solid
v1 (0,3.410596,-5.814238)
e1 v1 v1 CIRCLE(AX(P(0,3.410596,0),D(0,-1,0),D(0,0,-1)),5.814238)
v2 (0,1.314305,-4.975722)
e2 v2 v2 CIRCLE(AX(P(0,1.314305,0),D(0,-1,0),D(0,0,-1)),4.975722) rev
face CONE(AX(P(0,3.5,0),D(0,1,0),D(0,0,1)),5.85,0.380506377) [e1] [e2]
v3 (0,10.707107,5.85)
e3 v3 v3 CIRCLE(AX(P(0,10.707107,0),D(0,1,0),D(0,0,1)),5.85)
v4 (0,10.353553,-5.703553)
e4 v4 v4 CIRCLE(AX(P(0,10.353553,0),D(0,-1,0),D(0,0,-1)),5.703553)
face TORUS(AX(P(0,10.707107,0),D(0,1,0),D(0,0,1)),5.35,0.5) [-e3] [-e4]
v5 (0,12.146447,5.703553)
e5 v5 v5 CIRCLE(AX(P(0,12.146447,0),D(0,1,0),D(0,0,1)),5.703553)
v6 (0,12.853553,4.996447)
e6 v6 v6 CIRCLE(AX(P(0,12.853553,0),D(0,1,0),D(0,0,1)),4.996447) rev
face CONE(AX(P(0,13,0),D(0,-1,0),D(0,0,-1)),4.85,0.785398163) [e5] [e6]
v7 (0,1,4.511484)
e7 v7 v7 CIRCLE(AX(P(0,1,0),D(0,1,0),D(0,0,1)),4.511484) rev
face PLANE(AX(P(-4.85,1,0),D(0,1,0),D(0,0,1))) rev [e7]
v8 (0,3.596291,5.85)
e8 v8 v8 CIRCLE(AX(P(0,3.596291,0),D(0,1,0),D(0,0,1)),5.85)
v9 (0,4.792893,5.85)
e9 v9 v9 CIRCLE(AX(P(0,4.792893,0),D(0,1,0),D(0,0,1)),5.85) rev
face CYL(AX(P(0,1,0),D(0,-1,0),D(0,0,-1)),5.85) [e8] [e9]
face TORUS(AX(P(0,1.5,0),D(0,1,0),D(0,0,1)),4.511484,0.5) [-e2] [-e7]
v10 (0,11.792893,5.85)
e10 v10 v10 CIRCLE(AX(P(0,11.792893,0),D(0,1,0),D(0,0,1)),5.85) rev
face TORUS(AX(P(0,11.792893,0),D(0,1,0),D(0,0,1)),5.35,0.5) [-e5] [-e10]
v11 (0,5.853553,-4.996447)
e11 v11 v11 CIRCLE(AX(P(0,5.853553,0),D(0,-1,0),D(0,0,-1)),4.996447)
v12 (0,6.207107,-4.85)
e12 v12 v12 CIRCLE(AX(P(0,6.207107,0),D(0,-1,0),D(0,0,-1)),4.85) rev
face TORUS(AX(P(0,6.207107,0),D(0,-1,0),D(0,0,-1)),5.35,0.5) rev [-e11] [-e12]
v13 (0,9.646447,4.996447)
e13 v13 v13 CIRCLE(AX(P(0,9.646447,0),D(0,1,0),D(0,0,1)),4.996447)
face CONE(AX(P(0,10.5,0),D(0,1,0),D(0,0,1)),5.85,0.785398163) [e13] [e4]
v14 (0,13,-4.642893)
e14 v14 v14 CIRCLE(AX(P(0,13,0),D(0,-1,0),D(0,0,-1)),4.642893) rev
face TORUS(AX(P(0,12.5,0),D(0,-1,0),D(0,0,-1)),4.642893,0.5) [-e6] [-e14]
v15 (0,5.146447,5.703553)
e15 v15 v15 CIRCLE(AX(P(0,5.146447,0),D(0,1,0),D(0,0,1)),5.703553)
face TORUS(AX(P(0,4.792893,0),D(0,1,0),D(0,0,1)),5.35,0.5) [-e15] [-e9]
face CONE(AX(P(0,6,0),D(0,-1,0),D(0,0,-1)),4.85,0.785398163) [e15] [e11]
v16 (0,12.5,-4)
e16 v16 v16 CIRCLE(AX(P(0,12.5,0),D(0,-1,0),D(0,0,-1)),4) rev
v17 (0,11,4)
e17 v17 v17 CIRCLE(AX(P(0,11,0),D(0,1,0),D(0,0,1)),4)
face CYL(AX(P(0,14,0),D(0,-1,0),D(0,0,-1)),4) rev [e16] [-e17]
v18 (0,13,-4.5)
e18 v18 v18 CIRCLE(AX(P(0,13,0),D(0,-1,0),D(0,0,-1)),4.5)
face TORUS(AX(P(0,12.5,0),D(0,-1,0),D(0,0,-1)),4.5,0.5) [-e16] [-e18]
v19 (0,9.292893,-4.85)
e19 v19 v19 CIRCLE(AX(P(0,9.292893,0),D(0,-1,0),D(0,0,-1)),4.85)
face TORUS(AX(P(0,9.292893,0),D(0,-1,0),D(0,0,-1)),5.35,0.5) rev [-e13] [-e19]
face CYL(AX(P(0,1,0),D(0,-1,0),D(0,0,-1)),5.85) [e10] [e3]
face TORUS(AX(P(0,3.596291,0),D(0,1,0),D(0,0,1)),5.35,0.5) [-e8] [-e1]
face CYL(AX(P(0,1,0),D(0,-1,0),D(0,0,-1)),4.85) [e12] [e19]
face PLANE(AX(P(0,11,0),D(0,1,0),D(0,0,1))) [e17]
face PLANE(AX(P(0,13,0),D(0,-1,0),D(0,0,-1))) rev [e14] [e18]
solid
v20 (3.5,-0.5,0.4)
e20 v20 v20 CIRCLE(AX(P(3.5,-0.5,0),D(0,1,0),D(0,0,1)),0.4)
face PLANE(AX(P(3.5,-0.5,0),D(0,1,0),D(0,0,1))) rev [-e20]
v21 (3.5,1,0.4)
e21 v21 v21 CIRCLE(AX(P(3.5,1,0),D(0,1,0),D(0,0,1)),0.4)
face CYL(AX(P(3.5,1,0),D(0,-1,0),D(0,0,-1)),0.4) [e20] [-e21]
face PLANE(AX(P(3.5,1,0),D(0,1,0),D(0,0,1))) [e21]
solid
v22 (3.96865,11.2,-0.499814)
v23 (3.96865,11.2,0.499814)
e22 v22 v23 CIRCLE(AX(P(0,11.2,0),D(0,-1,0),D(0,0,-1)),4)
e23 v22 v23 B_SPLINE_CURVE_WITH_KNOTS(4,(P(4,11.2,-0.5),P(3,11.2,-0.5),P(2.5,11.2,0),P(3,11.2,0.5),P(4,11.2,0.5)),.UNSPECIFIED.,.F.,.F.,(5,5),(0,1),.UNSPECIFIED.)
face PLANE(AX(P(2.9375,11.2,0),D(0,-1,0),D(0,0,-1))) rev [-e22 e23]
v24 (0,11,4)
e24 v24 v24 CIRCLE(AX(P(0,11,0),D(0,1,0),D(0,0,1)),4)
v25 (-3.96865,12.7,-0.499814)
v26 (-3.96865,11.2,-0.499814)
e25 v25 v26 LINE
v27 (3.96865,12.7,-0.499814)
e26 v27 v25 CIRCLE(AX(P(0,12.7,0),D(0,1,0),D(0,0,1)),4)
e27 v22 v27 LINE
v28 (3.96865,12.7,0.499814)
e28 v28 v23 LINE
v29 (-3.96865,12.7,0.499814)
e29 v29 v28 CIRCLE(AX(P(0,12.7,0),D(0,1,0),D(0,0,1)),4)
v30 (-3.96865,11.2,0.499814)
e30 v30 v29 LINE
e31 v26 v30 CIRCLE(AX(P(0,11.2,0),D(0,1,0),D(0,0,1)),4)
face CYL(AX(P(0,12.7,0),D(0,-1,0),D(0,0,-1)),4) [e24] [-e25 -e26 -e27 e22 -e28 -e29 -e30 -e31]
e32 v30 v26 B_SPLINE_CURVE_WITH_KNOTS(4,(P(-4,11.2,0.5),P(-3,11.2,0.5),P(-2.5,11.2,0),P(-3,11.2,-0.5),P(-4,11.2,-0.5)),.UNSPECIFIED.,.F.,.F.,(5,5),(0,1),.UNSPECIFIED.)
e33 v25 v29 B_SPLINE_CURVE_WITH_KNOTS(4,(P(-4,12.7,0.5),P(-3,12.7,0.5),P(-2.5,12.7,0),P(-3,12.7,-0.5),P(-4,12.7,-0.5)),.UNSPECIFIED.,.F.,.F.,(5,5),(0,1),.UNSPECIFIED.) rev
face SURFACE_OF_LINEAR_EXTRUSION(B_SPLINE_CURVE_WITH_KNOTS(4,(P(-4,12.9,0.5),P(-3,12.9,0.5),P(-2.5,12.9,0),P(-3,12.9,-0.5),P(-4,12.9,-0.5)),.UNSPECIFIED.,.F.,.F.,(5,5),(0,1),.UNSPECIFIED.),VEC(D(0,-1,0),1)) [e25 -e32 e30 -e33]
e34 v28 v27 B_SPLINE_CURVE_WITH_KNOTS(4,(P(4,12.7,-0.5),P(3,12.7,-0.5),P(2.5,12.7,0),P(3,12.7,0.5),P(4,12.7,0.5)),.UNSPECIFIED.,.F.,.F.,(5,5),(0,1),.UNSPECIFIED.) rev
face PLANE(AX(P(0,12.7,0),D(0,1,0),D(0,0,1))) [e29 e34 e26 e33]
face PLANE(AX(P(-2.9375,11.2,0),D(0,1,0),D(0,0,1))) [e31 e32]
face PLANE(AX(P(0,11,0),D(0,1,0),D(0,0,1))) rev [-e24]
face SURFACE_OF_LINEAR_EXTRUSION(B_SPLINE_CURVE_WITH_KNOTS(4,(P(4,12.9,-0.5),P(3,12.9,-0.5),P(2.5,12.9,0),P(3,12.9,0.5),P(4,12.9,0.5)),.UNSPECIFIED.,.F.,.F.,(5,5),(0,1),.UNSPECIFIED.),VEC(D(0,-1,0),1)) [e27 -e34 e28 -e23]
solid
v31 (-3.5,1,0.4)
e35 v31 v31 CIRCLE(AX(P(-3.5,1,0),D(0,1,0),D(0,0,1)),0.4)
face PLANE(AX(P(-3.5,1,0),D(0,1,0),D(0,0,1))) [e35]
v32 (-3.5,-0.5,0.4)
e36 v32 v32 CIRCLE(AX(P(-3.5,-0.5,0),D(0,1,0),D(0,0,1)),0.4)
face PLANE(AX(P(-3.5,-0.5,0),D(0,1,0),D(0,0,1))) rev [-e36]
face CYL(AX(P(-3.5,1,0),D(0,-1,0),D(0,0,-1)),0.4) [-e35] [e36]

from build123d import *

# Parameters (mm, degrees)
EXTRUDE_START     = -0.5
SKETCH_1_R        = 0.4
EXTRUDE_1_DEPTH   = 1.5
EXTRUDE_1_2_DEPTH = 1.5
EXTRUDE_START_2   = -2
SKETCH_5_R        = 4
EXTRUDE_2_DEPTH   = 3
SKETCH_6_R        = 4
EXTRUDE_3_DEPTH   = 1.7
EXTRUDE_START_3   = -1.5
EXTRUDE_4_DEPTH   = 1.7
EXTRUDE_4_2_DEPTH = 1.7
FILLET_1_R        = 0.5


with BuildPart() as part:
    # Эскиз1 → Бобышка-Вытянуть1 (new body)
    with BuildSketch(Plane(origin=(0, 0, 0), x_dir=(1, 0, 0), z_dir=(0, 1, 0)).offset(EXTRUDE_START)):
        with Locations(Location((-3.5, 0, 0), (0, 0, 270))):
            Circle(SKETCH_1_R)
    extrude(amount=EXTRUDE_1_DEPTH)


with BuildPart() as body_2:
    # Эскиз1 → Extrude 1 2 (new body)
    with BuildSketch(Plane(origin=(0, 0, 0), x_dir=(1, 0, 0), z_dir=(0, 1, 0)).offset(EXTRUDE_START)):
        with Locations(Location((3.5, 0, 0), (0, 0, 270))):
            Circle(SKETCH_1_R)
    extrude(amount=EXTRUDE_1_2_DEPTH)


with BuildPart() as body_3:
    # Эскиз3 → Повернуть1 (revolve)
    with BuildSketch(Plane.XY, mode=Mode.PRIVATE) as revolve_1_sk:
        Polygon((0, 13), (-4.85, 13), (-5.85, 12), (-5.85, 10.5), (-4.85, 9.5), (-4.85, 6), (-5.85, 5), (-5.85, 3.5), (-4.85, 1), (0, 1), align=None)
    revolve(revolve_1_sk.sketch.rotate(Axis((0, 1, 0), (0, 1, 0)), 270), axis=Axis((0, 1, 0), (0, 1, 0)))


with BuildPart() as body_4:
    # Эскиз5 → Бобышка-Вытянуть2 (new body)
    with BuildSketch(Plane(origin=(0, 13, 0), x_dir=(1, 0, 0), z_dir=(0, 1, 0)).offset(EXTRUDE_START_2)):
        with Locations(Location((0, 0, 0), (0, 0, 270))):
            Circle(SKETCH_5_R)
    extrude(amount=EXTRUDE_2_DEPTH)


with BuildPart() as body_3_1:
    add(body_3.part)

    # Combine 1: cut body 4
    add(body_4.part, mode=Mode.SUBTRACT)

    # Скругление1
    fillet_1_edges = [body_3_1.edges().sort_by_distance(p)[0] for p in [
        (0, 12, 5.85),
        (0, 13, 4.85),
        (0, 13, -4),
        (0, 1, 4.85),
        (0, 3.5, 5.85),
        (0, 5, 5.85),
        (0, 6, 4.85),
        (0, 9.5, 4.85),
        (0, 10.5, 5.85),
    ]]
    fillet(fillet_1_edges, radius=FILLET_1_R)


with BuildPart() as body_4_2:
    # Эскиз6 → Бобышка-Вытянуть3 (new body)
    with BuildSketch(Plane(origin=(0, 11, 0), x_dir=(1, 0, 0), z_dir=(0, 1, 0))):
        with Locations(Location((0, 0, 0), (0, 0, 90))):
            Circle(SKETCH_6_R)
    extrude(amount=EXTRUDE_3_DEPTH)


with BuildPart() as body_5:
    # Эскиз7 → Бобышка-Вытянуть4 (new body)
    with BuildSketch(Plane(origin=(0, 12.7, 0), x_dir=(1, 0, 0), z_dir=(0, 1, 0)).offset(EXTRUDE_START_3)):
        with BuildLine():
            Line((-4, 0.5), (-4, -0.5))
            add(Edge.make_bspline(
                [(-4, 0.5), (-3, 0.5), (-2.5, 0), (-3, -0.5), (-4, -0.5)],
                knots=[0, 0, 0, 0, 0, 1, 1, 1, 1, 1], degree=4))
        make_face()
    extrude(amount=EXTRUDE_4_DEPTH)


with BuildPart() as body_6:
    # Эскиз7 → Extrude 4 2 (new body)
    with BuildSketch(Plane(origin=(0, 12.7, 0), x_dir=(1, 0, 0), z_dir=(0, 1, 0)).offset(EXTRUDE_START_3)):
        with BuildLine():
            Line((4, 0.5), (4, -0.5))
            add(Edge.make_bspline(
                [(4, 0.5), (3, 0.5), (2.5, 0), (3, -0.5), (4, -0.5)],
                knots=[0, 0, 0, 0, 0, 1, 1, 1, 1, 1], degree=4))
        make_face()
    extrude(amount=EXTRUDE_4_2_DEPTH)


with BuildPart() as body_4_2_1:
    add(body_4_2.part)

    # Combine 2: cut body 5, body 6
    add(body_5.part, mode=Mode.SUBTRACT)
    add(body_6.part, mode=Mode.SUBTRACT)


solid = Compound([part.part, body_2.part, body_3_1.part, body_4_2_1.part])
